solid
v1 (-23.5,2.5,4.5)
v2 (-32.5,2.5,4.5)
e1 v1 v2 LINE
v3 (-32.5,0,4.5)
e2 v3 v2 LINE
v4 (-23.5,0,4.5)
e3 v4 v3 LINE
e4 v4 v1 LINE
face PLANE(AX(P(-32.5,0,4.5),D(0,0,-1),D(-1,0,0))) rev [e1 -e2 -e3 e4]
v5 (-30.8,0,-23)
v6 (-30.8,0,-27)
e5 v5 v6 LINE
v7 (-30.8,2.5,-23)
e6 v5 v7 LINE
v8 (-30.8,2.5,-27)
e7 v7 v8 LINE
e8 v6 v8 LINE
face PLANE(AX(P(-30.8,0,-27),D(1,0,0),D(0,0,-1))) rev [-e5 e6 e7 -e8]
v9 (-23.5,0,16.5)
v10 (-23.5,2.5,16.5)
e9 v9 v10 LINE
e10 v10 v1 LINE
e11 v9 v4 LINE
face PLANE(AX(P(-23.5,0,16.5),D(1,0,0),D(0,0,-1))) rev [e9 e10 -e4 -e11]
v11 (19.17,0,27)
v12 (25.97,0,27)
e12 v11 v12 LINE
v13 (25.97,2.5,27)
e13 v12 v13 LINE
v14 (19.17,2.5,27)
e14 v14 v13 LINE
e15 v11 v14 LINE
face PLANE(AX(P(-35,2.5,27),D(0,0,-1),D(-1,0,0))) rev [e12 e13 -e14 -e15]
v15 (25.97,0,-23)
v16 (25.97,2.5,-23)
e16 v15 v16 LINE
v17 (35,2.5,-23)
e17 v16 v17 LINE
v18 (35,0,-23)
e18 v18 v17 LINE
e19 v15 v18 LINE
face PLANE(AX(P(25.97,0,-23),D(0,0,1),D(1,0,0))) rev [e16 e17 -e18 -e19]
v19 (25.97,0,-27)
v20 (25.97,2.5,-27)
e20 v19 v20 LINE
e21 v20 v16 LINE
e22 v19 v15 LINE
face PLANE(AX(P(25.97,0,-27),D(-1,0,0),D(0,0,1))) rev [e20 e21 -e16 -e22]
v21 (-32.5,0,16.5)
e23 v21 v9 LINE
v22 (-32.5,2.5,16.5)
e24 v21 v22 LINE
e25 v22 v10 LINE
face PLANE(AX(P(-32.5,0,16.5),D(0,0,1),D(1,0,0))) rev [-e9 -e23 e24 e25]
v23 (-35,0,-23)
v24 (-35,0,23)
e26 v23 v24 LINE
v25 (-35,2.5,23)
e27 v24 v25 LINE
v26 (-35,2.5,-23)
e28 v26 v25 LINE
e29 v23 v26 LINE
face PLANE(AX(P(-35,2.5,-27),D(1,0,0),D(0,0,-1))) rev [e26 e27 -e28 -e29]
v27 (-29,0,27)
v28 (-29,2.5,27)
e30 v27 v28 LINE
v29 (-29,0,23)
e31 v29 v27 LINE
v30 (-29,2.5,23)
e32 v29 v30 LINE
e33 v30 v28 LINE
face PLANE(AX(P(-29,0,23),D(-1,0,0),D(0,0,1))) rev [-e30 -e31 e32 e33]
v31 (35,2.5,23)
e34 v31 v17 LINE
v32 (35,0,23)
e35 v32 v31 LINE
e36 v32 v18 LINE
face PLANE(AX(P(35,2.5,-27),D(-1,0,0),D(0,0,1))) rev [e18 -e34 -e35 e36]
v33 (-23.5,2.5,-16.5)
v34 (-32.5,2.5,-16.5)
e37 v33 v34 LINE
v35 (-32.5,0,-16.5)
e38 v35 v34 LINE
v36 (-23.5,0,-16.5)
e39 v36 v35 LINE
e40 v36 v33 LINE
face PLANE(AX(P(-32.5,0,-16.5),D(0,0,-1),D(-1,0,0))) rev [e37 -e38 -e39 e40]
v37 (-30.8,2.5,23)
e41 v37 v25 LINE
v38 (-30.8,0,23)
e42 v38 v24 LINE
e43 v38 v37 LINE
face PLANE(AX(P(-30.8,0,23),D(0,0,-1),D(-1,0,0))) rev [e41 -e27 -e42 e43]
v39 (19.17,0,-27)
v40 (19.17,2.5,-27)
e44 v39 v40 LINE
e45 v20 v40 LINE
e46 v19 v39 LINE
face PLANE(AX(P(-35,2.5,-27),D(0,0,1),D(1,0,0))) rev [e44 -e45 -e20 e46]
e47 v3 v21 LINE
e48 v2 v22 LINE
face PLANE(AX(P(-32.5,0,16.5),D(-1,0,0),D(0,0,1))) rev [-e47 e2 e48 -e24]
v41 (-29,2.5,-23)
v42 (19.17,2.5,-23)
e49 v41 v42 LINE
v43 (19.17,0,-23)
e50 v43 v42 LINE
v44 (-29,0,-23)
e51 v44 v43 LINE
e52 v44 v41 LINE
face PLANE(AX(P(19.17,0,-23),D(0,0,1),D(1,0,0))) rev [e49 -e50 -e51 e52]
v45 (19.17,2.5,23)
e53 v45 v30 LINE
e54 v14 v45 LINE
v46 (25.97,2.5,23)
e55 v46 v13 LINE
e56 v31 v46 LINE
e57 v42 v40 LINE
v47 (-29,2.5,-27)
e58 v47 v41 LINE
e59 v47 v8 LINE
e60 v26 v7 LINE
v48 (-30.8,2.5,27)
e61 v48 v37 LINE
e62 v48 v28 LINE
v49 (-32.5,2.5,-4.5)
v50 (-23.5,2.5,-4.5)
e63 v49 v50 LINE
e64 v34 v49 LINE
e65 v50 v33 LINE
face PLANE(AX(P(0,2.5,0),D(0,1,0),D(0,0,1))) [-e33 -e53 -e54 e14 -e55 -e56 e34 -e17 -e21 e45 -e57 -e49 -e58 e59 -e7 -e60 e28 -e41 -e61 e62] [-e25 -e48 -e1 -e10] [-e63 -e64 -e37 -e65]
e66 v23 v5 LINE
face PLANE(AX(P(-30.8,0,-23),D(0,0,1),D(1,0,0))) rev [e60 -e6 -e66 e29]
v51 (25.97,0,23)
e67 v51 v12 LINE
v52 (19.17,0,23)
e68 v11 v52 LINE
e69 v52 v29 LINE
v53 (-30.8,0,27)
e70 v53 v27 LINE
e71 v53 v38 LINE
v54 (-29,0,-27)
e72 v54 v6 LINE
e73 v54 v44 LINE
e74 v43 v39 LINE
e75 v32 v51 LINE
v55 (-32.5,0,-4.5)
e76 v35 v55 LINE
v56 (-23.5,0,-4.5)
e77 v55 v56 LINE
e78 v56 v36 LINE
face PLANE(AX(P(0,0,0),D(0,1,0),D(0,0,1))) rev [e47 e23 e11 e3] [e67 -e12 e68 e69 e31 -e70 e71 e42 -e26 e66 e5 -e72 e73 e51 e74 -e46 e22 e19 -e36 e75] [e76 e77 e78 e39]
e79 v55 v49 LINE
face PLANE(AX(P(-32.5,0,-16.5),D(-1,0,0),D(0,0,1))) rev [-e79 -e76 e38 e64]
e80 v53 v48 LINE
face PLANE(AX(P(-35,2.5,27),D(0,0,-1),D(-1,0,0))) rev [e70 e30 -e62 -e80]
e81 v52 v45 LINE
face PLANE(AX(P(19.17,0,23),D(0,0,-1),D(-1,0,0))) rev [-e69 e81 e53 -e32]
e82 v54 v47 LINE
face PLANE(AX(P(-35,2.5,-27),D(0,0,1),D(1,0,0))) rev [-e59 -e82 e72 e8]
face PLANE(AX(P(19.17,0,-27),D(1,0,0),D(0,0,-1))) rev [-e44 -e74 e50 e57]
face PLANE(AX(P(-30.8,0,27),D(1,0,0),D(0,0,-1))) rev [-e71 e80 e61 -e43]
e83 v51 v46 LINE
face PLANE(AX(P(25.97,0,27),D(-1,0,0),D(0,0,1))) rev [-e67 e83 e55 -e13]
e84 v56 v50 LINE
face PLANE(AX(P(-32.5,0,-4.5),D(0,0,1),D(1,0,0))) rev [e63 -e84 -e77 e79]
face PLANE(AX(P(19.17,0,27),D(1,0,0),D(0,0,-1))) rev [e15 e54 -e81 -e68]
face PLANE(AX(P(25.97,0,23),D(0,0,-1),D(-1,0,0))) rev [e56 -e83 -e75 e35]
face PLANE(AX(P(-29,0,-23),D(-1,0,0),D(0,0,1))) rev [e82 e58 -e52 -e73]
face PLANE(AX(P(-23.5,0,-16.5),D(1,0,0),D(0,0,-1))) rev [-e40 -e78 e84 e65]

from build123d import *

# Parameters (mm, degrees)
SKETCH_1_W          = 70
SKETCH_1_H          = 54
EXTRUDE_1_DEPTH     = 2.5
SKETCH_2_W          = 9.03
SKETCH_2_H          = 4
SKETCH_2_W_2        = 48.17
SKETCH_2_W_3        = 4.2
CUT_EXTRUDE_1_DEPTH = 3.5
SKETCH_3_W          = 9
SKETCH_3_H          = 12
CUT_EXTRUDE_2_DEPTH = 3.5


with BuildPart() as part:
    # 草图1 → 凸台-拉伸1 (new body)
    with BuildSketch(Plane(origin=(0, 0, 0), x_dir=(1, 0, 0), z_dir=(0, 1, 0))):
        Rectangle(SKETCH_1_W, SKETCH_1_H)
    extrude(amount=EXTRUDE_1_DEPTH)

    # 草图2 → 切除-拉伸1 (cut, through all)
    with BuildSketch(Plane(origin=(0, 2.5, 0), x_dir=(1, 0, 0), z_dir=(0, 1, 0))):
        with Locations((30.485, 25)):
            Rectangle(SKETCH_2_W, SKETCH_2_H)
        with Locations((-4.915, 25)):
            Rectangle(SKETCH_2_W_2, SKETCH_2_H)
        with Locations((-32.9, 25)):
            Rectangle(SKETCH_2_W_3, SKETCH_2_H)
        with Locations((-32.9, -25)):
            Rectangle(SKETCH_2_W_3, SKETCH_2_H)
        with Locations((30.485, -25)):
            Rectangle(SKETCH_2_W, SKETCH_2_H)
        with Locations((-4.915, -25)):
            Rectangle(SKETCH_2_W_2, SKETCH_2_H)
    extrude(amount=-CUT_EXTRUDE_1_DEPTH, mode=Mode.SUBTRACT)

    # 草图3 → 切除-拉伸2 (cut, through all)
    with BuildSketch(Plane(origin=(0, 2.5, 0), x_dir=(1, 0, 0), z_dir=(0, 1, 0))):
        with Locations((-28, 10.5)):
            Rectangle(SKETCH_3_W, SKETCH_3_H)
        with Locations((-28, -10.5)):
            Rectangle(SKETCH_3_W, SKETCH_3_H)
    extrude(amount=-CUT_EXTRUDE_2_DEPTH, mode=Mode.SUBTRACT)


solid = part.part
